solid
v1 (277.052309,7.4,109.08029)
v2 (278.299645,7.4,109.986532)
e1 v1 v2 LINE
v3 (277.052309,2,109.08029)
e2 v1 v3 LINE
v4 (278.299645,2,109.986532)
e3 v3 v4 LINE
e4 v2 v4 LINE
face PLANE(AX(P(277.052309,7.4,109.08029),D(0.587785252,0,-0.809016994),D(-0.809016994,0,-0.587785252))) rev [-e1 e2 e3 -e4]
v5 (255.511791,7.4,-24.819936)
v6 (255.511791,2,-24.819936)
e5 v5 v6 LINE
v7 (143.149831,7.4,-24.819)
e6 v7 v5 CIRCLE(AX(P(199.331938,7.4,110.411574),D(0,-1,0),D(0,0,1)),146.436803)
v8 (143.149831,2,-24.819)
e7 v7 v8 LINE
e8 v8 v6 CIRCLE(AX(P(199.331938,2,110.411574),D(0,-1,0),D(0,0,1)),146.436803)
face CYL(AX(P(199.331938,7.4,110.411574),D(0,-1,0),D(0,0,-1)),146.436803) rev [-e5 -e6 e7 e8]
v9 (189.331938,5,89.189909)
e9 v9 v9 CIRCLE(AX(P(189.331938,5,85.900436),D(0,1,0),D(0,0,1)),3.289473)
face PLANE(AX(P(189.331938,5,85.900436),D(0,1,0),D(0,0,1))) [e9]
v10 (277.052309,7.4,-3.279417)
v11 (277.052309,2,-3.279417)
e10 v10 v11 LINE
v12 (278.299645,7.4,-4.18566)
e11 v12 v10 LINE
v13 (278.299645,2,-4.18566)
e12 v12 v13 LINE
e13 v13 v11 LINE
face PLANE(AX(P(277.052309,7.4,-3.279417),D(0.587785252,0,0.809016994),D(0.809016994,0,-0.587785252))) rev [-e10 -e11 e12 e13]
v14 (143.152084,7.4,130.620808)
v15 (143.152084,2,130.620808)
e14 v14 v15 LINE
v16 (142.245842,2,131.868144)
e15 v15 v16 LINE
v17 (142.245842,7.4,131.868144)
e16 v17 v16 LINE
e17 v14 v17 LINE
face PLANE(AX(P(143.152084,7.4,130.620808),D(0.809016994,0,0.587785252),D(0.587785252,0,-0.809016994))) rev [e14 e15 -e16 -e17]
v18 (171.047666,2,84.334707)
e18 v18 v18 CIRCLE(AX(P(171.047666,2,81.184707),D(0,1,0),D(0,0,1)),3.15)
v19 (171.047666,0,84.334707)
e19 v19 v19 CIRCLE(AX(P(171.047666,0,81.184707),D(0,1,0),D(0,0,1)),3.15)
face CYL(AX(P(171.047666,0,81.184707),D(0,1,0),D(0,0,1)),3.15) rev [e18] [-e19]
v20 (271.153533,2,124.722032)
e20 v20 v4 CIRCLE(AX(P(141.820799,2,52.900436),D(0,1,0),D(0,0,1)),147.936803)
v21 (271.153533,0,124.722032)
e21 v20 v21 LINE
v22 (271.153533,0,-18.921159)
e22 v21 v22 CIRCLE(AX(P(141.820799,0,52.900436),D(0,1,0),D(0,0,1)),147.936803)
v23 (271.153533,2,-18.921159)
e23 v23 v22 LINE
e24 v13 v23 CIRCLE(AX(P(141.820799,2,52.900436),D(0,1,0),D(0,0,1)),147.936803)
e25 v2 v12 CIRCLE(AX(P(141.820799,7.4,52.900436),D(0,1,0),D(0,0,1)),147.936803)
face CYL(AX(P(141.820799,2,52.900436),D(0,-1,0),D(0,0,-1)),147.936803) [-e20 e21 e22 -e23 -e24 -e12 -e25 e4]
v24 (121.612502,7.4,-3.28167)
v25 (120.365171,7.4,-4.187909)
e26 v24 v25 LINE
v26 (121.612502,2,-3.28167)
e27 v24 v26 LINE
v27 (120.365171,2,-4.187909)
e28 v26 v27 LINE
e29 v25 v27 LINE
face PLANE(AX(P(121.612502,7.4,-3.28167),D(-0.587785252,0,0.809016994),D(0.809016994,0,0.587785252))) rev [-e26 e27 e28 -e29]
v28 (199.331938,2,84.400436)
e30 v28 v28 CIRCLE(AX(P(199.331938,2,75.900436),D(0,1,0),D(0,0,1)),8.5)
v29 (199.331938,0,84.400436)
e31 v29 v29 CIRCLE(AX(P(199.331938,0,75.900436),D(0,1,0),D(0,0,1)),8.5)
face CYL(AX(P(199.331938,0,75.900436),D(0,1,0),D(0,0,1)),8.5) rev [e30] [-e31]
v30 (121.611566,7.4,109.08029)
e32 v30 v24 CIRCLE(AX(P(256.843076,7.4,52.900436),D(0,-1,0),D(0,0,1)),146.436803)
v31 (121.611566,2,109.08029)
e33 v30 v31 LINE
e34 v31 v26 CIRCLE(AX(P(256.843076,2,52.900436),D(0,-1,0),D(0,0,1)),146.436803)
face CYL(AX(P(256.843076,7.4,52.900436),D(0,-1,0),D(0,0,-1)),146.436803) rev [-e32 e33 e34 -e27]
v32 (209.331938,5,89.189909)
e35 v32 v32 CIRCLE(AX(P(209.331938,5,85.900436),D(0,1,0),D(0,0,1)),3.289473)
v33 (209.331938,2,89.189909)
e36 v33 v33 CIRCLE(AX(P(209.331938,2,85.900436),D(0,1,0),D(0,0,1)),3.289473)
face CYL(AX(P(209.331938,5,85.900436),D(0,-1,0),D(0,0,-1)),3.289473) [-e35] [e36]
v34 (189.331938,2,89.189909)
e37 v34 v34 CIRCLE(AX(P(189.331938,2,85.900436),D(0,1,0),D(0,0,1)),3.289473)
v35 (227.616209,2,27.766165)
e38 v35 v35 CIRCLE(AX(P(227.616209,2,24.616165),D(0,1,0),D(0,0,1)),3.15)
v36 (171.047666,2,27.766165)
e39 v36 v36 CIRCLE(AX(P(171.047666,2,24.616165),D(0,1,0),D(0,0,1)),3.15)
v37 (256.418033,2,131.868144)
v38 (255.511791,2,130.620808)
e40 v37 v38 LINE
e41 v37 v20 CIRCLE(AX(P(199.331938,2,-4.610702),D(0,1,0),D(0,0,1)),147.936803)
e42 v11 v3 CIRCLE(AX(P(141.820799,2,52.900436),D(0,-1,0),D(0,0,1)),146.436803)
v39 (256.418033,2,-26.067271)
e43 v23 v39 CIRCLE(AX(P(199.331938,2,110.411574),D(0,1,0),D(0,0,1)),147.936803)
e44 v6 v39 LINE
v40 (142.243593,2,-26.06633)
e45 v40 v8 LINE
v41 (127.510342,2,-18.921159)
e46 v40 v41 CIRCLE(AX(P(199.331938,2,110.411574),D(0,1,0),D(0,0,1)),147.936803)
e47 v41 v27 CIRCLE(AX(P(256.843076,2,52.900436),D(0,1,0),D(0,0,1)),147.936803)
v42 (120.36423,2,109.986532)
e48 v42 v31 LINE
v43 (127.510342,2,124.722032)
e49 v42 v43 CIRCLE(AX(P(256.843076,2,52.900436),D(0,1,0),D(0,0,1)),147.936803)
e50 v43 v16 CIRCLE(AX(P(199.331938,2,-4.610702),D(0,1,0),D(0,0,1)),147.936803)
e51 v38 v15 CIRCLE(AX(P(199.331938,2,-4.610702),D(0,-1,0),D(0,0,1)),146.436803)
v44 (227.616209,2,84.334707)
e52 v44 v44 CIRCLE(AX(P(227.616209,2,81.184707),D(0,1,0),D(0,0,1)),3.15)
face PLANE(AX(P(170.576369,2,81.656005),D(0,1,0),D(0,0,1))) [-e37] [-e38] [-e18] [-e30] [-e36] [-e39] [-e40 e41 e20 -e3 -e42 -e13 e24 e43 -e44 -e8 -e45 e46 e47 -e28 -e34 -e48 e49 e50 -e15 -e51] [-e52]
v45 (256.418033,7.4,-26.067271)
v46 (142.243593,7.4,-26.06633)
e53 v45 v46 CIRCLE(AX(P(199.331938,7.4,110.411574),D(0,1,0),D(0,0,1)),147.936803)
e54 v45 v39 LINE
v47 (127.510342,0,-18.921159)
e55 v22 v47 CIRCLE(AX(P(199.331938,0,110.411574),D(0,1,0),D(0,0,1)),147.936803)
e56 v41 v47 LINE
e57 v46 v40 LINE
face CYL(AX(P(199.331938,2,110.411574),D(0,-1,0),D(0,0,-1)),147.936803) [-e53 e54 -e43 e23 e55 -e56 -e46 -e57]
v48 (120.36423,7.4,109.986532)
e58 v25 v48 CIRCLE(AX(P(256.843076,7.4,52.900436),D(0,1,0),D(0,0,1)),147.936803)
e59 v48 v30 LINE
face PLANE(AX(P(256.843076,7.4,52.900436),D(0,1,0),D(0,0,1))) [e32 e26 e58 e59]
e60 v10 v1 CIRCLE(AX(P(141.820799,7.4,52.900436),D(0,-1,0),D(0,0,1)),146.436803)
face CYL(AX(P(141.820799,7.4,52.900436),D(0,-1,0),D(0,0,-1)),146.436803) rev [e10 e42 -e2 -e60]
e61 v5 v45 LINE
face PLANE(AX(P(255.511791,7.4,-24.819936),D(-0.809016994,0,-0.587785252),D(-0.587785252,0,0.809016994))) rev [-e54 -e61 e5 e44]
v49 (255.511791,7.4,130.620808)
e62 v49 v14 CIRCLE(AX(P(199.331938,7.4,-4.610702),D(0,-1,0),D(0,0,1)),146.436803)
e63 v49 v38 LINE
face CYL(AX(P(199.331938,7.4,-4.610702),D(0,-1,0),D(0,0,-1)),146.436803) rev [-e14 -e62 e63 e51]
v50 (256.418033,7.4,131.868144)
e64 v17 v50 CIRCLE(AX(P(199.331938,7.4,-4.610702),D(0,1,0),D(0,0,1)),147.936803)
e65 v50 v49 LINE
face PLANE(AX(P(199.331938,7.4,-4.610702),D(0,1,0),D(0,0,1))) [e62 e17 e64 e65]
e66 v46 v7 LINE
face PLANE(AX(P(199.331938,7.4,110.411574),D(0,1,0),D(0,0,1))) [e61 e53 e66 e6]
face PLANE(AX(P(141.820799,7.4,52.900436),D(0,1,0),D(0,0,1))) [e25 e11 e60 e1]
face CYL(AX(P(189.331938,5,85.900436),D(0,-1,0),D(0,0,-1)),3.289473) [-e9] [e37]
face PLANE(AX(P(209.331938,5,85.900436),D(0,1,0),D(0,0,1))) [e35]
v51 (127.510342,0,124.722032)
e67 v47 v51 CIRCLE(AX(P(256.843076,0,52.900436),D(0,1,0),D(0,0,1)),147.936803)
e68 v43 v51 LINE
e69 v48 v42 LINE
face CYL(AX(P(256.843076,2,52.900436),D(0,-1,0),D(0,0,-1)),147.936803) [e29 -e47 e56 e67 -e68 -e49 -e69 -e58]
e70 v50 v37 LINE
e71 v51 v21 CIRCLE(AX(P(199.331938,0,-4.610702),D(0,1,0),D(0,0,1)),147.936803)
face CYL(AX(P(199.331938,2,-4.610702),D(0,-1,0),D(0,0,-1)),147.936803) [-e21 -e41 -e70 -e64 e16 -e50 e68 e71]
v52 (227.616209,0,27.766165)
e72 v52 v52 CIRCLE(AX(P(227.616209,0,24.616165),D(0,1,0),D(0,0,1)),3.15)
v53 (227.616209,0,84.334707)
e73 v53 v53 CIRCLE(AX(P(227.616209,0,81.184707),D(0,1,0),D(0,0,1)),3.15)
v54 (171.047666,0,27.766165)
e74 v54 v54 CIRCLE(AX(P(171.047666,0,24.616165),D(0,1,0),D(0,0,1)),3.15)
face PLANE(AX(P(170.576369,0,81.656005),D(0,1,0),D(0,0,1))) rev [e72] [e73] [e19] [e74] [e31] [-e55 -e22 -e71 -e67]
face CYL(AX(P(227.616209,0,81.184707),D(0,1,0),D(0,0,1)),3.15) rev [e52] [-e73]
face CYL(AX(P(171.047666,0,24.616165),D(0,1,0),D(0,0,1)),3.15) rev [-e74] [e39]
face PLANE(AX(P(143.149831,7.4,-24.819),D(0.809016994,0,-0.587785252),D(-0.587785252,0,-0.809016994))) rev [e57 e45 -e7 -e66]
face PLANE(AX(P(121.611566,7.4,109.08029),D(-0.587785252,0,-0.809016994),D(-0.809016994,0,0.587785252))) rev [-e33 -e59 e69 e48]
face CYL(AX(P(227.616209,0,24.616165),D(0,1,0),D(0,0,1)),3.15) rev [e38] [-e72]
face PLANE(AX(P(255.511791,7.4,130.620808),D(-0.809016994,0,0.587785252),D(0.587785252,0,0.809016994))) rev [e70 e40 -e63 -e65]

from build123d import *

# Parameters (mm, degrees)
BOSS_EXTRUDE1_DEPTH     = 2
BOSS_EXTRUDE2_DEPTH     = 5.4
CUT_EXTRUDE2_DEPTH      = 324.312541101
CUT_EXTRUDE2_DEPTH_BACK = 324.312541101
SKETCH11_R              = 3.15
SKETCH11_R_2            = 8.5
SKETCH13_R              = 3.289472506
BOSS_EXTRUDE3_DEPTH     = 3


with BuildPart() as part:
    # Sketch3 → Boss-Extrude1 (new body)
    with BuildSketch(Plane(origin=(0, 0, 0), x_dir=(1, 0, 0), z_dir=(0, 1, 0))):
        with BuildLine():
            ThreePointArc((271.153533245, 18.921159404), (199.331937646, 37.525228411), (127.510342047, 18.921159404))
            ThreePointArc((127.510342047, 18.921159404), (108.90627304, -52.900436194), (127.510342047, -124.722031793))
            ThreePointArc((127.510342047, -124.722031793), (199.331937646, -143.3261008), (271.153533245, -124.722031793))
            ThreePointArc((271.153533245, -124.722031793), (289.757602252, -52.900436194), (271.153533245, 18.921159404))
        make_face()
    extrude(amount=BOSS_EXTRUDE1_DEPTH)

    # Sketch5 → Boss-Extrude2 (add)
    with BuildSketch(Plane(origin=(0, 2, 0), x_dir=(1, 0, 0), z_dir=(0, 1, 0))):
        with BuildLine():
            Line((121.611565862, -109.080289564), (120.36423024, -109.98653194))
            ThreePointArc((120.36423024, -109.98653194), (108.906273045, -52.899217103), (120.365171108, 4.187908885))
            Line((120.365171108, 4.187908885), (121.612501818, 3.281670078))
            ThreePointArc((121.612501818, 3.281670078), (110.406273045, -52.899216401), (121.611565862, -109.080289564))
        make_face()
        with BuildLine():
            Line((143.152084277, -130.620807978), (142.2458419, -131.8681436))
            ThreePointArc((142.2458419, -131.8681436), (199.331937646, -143.3261008), (256.418033392, -131.8681436))
            Line((256.418033392, -131.8681436), (255.511791015, -130.620807978))
            ThreePointArc((255.511791015, -130.620807978), (199.331937646, -141.8261008), (143.152084277, -130.620807978))
        make_face()
        with BuildLine():
            Line((277.052309429, 3.279417175), (278.299645052, 4.185659552))
            ThreePointArc((278.299645052, 4.185659552), (289.757602252, -52.900436194), (278.299645052, -109.98653194))
            Line((278.299645052, -109.98653194), (277.052309429, -109.080289564))
            ThreePointArc((277.052309429, -109.080289564), (288.257602252, -52.900436194), (277.052309429, 3.279417175))
        make_face()
        with BuildLine():
            Line((255.511791015, 24.819935589), (256.418033392, 26.067271212))
            ThreePointArc((256.418033392, 26.067271212), (199.330718555, 37.525228406), (142.243592567, 26.066330343))
            Line((142.243592567, 26.066330343), (143.149831374, 24.818999633))
            ThreePointArc((143.149831374, 24.818999633), (199.330717853, 36.025228406), (255.511791015, 24.819935589))
        make_face()
    extrude(amount=BOSS_EXTRUDE2_DEPTH)

    # Sketch11 → Cut-Extrude2 (cut, two sides: drawn at the far end of the back side and taken through both)
    with BuildSketch(Plane(origin=(0, 2, 0), x_dir=(1, 0, 0), z_dir=(0, 1, 0)).offset(-CUT_EXTRUDE2_DEPTH_BACK)):
        with Locations(Location((171.047666398, -24.616164947, 0), (0, 0, 270))):
            Circle(SKETCH11_R)
        with Locations(Location((227.616208893, -24.616164947, 0), (0, 0, 270))):
            Circle(SKETCH11_R)
        with Locations(Location((227.616208893, -81.184707442, 0), (0, 0, 270))):
            Circle(SKETCH11_R)
        with Locations(Location((171.047666398, -81.184707442, 0), (0, 0, 270))):
            Circle(SKETCH11_R)
        with Locations(Location((199.331937646, -75.900436194, 0), (0, 0, 270))):
            Circle(SKETCH11_R_2)
    extrude(amount=CUT_EXTRUDE2_DEPTH + CUT_EXTRUDE2_DEPTH_BACK, mode=Mode.SUBTRACT)

    # Sketch13 → Boss-Extrude3 (add)
    with BuildSketch(Plane(origin=(0, 2, 0), x_dir=(1, 0, 0), z_dir=(0, 1, 0))):
        with Locations(Location((189.331937646, -85.900436194, 0), (0, 0, 270))):
            Circle(SKETCH13_R)
        with Locations(Location((209.331937646, -85.900436194, 0), (0, 0, 270))):
            Circle(SKETCH13_R)
    extrude(amount=BOSS_EXTRUDE3_DEPTH)


solid = part.part
